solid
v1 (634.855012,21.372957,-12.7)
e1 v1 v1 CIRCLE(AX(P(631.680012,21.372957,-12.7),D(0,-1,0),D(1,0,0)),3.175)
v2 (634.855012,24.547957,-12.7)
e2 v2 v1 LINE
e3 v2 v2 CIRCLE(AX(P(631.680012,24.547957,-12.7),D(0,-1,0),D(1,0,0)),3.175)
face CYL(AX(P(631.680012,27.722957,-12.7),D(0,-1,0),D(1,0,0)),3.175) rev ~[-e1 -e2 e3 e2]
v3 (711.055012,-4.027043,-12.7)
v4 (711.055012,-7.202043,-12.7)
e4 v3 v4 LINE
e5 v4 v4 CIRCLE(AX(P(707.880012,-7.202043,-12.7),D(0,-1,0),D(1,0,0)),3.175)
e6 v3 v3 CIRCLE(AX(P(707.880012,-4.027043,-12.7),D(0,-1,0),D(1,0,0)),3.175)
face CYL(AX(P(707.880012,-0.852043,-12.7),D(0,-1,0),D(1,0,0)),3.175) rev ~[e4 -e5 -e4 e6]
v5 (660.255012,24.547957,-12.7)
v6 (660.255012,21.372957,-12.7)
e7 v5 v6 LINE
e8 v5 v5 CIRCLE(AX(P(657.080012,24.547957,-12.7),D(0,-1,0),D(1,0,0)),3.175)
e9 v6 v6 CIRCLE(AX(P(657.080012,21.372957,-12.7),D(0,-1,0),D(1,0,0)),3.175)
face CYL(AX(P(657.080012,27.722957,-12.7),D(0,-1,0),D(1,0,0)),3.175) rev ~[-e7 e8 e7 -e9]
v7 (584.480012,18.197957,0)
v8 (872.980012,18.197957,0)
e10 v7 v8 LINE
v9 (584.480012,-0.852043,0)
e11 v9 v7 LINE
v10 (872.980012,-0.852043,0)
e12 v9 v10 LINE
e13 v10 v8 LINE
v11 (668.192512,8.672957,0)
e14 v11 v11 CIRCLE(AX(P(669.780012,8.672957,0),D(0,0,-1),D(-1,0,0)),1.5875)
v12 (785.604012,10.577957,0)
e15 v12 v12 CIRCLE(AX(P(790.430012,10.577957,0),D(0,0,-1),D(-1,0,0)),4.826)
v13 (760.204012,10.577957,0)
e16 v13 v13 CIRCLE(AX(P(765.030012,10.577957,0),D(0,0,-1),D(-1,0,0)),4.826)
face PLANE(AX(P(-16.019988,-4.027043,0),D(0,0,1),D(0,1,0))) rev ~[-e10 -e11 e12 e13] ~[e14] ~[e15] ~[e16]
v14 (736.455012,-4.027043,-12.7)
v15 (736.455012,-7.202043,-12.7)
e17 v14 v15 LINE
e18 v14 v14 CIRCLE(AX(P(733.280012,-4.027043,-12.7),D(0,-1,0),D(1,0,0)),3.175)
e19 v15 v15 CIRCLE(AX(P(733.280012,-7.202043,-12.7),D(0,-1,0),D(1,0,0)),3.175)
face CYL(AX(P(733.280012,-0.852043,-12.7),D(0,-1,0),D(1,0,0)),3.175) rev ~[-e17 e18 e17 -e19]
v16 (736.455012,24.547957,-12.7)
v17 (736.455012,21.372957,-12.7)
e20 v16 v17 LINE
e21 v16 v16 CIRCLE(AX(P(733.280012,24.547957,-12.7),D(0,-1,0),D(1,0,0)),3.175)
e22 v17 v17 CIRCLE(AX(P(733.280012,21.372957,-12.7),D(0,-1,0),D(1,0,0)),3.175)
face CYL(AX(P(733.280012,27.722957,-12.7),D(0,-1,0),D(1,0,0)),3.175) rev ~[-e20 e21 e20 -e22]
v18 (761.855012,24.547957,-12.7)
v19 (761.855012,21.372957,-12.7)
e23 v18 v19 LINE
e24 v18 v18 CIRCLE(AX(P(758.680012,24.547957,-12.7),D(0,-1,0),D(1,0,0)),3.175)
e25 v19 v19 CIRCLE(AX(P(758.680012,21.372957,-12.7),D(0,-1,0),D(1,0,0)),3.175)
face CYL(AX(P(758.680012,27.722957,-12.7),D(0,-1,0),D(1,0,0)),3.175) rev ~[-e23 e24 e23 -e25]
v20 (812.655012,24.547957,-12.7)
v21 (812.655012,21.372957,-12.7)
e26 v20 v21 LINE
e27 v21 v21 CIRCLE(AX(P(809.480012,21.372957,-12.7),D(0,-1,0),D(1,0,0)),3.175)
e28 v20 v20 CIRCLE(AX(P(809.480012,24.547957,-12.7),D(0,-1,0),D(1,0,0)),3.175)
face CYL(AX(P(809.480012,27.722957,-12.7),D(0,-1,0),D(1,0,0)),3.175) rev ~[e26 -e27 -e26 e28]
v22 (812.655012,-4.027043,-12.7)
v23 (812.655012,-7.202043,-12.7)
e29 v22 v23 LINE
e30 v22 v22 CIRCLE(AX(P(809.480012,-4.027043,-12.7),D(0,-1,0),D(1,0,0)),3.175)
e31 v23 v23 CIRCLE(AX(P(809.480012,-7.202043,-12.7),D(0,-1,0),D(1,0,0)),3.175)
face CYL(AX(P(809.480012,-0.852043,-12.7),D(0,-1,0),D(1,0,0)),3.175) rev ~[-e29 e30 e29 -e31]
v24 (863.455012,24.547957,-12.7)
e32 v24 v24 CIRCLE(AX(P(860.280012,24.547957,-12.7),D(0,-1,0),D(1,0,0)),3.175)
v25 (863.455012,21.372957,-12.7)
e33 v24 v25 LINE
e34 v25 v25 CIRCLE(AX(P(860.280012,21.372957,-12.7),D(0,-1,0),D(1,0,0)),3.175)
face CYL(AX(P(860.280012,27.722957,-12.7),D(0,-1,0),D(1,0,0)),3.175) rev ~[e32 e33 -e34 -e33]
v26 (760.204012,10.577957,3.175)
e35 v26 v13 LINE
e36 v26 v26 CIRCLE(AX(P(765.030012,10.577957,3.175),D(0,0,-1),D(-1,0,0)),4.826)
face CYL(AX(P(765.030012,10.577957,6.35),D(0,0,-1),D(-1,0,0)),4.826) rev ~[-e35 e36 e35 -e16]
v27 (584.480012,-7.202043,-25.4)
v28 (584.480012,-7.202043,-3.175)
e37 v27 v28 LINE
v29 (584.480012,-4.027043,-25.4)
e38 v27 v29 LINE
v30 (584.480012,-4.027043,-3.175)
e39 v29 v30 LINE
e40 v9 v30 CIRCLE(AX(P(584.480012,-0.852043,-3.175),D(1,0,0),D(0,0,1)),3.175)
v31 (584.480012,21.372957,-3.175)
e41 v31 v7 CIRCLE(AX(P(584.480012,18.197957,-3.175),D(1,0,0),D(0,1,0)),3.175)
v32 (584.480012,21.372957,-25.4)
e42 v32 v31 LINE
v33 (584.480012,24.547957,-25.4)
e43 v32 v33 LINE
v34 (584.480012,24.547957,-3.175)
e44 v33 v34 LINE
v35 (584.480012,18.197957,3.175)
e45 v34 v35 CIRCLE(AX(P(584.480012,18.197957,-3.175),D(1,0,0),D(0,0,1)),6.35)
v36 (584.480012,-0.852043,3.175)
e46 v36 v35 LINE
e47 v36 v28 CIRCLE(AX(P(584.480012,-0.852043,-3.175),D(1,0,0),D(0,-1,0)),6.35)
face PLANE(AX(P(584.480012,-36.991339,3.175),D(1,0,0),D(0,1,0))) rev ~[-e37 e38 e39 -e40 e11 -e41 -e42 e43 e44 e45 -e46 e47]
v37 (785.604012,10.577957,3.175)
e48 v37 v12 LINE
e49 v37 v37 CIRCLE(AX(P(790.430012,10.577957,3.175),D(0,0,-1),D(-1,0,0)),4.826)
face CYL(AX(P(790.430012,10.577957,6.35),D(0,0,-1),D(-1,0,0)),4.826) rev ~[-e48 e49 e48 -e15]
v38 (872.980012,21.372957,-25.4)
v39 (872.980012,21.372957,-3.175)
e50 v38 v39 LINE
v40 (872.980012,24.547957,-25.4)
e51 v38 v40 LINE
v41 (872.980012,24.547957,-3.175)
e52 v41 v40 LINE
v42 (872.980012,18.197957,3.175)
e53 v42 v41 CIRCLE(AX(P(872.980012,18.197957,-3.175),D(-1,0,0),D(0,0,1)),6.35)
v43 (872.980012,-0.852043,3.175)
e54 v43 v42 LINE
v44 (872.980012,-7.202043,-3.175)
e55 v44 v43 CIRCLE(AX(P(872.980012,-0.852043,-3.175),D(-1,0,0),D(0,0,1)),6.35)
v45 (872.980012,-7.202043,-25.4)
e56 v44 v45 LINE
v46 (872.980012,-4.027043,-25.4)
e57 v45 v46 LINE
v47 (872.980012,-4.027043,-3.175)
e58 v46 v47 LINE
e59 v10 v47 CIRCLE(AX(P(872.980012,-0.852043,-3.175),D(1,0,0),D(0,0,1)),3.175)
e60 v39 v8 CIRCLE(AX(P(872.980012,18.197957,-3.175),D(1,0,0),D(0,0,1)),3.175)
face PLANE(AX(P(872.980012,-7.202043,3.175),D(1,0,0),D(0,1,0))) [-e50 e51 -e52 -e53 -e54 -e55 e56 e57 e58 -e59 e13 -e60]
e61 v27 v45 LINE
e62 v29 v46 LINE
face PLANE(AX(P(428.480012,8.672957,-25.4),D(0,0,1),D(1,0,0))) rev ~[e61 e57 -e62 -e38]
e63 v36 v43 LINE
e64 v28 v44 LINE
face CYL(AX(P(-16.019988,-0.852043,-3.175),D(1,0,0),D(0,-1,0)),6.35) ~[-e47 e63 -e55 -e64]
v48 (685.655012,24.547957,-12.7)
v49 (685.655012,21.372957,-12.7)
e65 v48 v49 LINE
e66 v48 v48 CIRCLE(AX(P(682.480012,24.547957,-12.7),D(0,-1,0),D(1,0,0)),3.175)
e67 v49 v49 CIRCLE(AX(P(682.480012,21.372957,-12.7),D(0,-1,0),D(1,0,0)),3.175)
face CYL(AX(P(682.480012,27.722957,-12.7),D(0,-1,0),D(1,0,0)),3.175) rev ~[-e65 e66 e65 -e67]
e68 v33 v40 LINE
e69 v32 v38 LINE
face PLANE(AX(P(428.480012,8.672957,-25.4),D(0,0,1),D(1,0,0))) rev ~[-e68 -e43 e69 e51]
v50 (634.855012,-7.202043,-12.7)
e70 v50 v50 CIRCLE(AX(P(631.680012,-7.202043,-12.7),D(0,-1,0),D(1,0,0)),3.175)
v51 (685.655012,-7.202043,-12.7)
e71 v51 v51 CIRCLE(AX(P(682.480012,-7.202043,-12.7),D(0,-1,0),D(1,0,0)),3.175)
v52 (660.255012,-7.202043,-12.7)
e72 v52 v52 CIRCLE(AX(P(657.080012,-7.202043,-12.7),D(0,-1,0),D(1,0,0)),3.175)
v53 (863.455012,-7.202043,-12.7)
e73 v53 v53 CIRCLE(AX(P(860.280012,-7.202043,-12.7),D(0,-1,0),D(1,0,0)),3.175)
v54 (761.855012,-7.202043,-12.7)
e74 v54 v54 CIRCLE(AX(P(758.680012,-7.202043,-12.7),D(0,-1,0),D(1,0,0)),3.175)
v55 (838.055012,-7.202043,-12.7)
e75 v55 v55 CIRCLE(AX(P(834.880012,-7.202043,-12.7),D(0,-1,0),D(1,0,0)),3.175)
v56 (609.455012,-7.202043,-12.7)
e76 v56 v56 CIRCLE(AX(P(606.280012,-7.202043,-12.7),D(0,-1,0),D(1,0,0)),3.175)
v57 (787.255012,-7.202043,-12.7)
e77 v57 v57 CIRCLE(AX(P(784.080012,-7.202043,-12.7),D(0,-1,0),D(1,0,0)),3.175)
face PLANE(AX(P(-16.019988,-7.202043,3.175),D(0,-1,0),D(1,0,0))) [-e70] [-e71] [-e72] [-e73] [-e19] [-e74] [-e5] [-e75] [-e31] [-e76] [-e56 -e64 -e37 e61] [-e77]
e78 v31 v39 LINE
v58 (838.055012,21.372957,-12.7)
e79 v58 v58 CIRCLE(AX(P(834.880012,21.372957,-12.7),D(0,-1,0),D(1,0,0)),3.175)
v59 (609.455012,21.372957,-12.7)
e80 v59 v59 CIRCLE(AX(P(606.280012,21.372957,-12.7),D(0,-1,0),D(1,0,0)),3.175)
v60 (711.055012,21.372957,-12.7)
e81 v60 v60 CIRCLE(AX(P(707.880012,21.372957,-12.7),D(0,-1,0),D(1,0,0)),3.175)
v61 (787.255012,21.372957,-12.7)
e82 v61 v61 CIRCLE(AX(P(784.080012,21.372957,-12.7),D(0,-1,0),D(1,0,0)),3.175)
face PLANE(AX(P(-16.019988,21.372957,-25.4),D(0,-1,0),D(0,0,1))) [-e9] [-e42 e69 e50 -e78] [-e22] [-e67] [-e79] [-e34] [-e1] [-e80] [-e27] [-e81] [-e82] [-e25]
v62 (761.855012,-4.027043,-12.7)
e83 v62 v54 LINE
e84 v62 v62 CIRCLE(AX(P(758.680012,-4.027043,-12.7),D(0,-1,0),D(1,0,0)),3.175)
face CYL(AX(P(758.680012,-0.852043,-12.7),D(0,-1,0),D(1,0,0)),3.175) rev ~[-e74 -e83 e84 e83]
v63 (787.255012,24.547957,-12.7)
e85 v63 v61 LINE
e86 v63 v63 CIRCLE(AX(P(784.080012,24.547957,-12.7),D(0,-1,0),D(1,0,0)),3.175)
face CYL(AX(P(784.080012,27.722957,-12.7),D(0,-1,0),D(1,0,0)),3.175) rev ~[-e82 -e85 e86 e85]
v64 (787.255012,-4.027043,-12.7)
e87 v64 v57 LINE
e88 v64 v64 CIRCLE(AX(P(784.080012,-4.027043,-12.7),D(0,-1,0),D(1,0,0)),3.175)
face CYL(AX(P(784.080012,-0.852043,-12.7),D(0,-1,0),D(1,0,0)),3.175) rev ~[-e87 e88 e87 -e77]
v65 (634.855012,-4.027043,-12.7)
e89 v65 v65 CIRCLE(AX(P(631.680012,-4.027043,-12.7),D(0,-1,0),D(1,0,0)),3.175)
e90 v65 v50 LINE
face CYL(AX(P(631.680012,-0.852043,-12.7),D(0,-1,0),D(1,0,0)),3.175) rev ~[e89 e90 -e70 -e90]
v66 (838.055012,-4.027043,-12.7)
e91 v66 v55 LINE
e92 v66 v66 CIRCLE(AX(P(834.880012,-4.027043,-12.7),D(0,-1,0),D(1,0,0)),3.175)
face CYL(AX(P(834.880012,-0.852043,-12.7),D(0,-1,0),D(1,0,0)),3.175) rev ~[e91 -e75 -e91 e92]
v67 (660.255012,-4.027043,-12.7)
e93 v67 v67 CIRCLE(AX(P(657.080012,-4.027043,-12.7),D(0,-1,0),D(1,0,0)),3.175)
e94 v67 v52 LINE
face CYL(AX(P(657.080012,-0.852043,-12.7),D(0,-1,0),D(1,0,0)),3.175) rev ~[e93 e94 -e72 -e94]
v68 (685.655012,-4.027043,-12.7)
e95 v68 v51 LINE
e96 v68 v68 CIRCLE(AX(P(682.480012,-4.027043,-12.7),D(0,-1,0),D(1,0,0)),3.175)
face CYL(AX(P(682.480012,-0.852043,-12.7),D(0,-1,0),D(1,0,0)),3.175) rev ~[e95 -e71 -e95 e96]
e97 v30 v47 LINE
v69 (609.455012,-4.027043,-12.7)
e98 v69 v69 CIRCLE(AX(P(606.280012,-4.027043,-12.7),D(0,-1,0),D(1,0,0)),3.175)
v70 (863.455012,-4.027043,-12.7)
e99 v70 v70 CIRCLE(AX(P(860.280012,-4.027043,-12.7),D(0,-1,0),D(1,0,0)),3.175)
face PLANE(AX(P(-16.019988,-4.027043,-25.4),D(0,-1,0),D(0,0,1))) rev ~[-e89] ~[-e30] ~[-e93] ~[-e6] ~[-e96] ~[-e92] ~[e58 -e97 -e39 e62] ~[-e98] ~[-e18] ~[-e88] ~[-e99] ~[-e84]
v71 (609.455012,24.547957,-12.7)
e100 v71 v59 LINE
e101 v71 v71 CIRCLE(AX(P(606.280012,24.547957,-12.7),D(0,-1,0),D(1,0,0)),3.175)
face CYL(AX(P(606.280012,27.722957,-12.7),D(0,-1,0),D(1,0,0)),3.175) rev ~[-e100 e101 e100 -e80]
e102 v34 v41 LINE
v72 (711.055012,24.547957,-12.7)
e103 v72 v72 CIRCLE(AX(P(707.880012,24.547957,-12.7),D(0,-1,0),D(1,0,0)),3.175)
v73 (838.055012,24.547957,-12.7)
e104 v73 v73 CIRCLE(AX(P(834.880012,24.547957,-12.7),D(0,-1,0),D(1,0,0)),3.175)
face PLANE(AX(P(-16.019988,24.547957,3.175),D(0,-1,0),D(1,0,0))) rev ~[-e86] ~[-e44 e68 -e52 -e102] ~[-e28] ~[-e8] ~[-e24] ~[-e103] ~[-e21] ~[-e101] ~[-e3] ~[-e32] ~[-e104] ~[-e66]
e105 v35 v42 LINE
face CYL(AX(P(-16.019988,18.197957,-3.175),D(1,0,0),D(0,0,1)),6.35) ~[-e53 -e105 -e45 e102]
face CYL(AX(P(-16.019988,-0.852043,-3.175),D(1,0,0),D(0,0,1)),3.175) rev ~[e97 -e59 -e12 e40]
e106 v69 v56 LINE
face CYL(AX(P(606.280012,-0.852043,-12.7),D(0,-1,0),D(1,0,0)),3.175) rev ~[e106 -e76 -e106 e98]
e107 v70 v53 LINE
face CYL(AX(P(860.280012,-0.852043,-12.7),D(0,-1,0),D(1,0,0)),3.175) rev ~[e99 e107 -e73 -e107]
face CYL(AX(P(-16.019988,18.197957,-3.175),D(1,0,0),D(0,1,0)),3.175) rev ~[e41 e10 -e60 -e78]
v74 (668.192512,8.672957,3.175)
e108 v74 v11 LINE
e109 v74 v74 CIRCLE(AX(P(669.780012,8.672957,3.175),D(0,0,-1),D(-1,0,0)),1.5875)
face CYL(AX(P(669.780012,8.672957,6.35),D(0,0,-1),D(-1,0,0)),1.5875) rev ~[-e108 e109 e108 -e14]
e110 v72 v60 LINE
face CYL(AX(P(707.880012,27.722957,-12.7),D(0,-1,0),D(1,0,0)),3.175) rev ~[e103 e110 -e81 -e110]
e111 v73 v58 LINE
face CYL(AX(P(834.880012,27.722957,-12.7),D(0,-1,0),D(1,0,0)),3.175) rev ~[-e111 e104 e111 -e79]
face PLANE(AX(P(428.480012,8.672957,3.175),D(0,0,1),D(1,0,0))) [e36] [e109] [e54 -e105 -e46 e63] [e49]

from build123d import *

# Parameters (mm, degrees)
SKETCH1_W          = 889
SKETCH1_H          = 31.75
EXTRUDE1_DEPTH     = 28.575
EXTRUDE2_REACH     = 891.702
SKETCH2_W          = 25.4
SKETCH2_H          = 25.4
HOLE1_D            = 6.35
HOLE1_DEPTH        = 3.175
LPATTERN1_COUNT    = 35
LPATTERN1_PITCH    = 25.4
HOLE2_D            = 9.652
LPATTERN2_COUNT    = 12
LPATTERN2_PITCH    = 25.4
HOLE3_D            = 9.652
HOLE4_D            = 9.652
LPATTERN3_COUNT    = 12
LPATTERN3_PITCH    = 25.4
HOLE5_D            = 3.175
HOLE6_D            = 6.35
LPATTERN4_COUNT    = 35
LPATTERN4_PITCH    = 25.4
FILLET1_R          = 3.175
FILLET2_R          = 3.175
FILLET3_R          = 6.35
FILLET4_R          = 6.35
SKETCH16_W         = 145.760071232
SKETCH16_H         = 71.504803879
CUT_EXTRUDE2_DEPTH = 75
SKETCH17_W         = 473.628565651
SKETCH17_H         = 66.908943447
CUT_EXTRUDE3_DEPTH = 186
SKETCH18_W         = 75.554715297
SKETCH18_H         = 79.695835758
CUT_EXTRUDE4_DEPTH = 874.792443416


with BuildPart() as part:
    # Sketch1 → Extrude1 (new body)
    with BuildSketch(Plane.XY.offset(3.175)):
        with Locations((428.480011997, 8.672957166)):
            Rectangle(SKETCH1_W, SKETCH1_H)
    extrude(amount=-EXTRUDE1_DEPTH)

    # Sketch2 → Extrude2 (cut, up to next)
    with BuildSketch(Plane.ZY.offset(16.019988003), mode=Mode.PRIVATE) as extrude2_sk1:
        with Locations((-12.7, 8.672957166)):
            Rectangle(SKETCH2_W, SKETCH2_H)
    extrude2_tool1 = extrude(extrude2_sk1.sketch, amount=-EXTRUDE2_REACH, mode=Mode.PRIVATE) & part.part
    add(extrude2_tool1.solids().sort_by_distance((-16.019988, 8.672957, -12.7))[0], mode=Mode.SUBTRACT)

    # Hole1
    with Locations(Plane(origin=(0, 24.547957166, 0), x_dir=(-1, 0, 0), z_dir=(0, 1, 0))):
        with Locations((3.319988003, -12.7)):
            hole1 = Hole(HOLE1_D / 2, depth=HOLE1_DEPTH)

    # LPattern1: Hole1 ×35
    with Locations(*[(i * LPATTERN1_PITCH, 0, 0) for i in range(1, LPATTERN1_COUNT)]):
        add(hole1, mode=Mode.SUBTRACT)

    # Hole2 (through all)
    with Locations(Plane.XY.offset(3.175)):
        with Locations((66.530011997, 10.577957166)):
            hole2 = Hole(HOLE2_D / 2)

    # LPattern2: Hole2 ×12, 8 skipped
    with Locations(*[(i * LPATTERN2_PITCH, 0, 0) for i in range(1, LPATTERN2_COUNT) if i not in (2, 3, 4, 5, 6, 7, 8, 9)]):
        add(hole2, mode=Mode.SUBTRACT)

    # Hole3 (through all)
    with Locations(Plane.XY.offset(3.175)):
        with Locations((428.480011997, 6.767957166)):
            Hole(HOLE3_D / 2)

    # Hole4 (through all)
    with Locations(Plane.XY.offset(3.175)):
        with Locations((511.030011997, 10.577957166)):
            hole4 = Hole(HOLE4_D / 2)

    # LPattern3: Hole4 ×12, 8 skipped
    with Locations(*[(i * LPATTERN3_PITCH, 0, 0) for i in range(1, LPATTERN3_COUNT) if i not in (2, 3, 4, 5, 6, 7, 8, 9)]):
        add(hole4, mode=Mode.SUBTRACT)

    # Hole5 (through all)
    with Locations(Plane.XY.offset(3.175)):
        with Locations((669.780011997, 8.672957166)):
            Hole(HOLE5_D / 2)

    # Hole6 (through all)
    with Locations(Plane(origin=(0, -4.027042834, 0), x_dir=(-1, 0, 0), z_dir=(0, 1, 0))):
        with Locations((3.319988003, -12.7)):
            hole6 = Hole(HOLE6_D / 2)

    # LPattern4: Hole6 ×35
    with Locations(*[(i * LPATTERN4_PITCH, 0, 0) for i in range(1, LPATTERN4_COUNT)]):
        add(hole6, mode=Mode.SUBTRACT)

    # Fillet1
    fillet1_edges = [part.edges().sort_by_distance(p)[0] for p in [
        (428.480011997, 21.372957166, 0),
    ]]
    fillet(fillet1_edges, radius=FILLET1_R)

    # Fillet2
    fillet2_edges = [part.edges().sort_by_distance(p)[0] for p in [
        (428.480011997, -4.027042834, 0),
    ]]
    fillet(fillet2_edges, radius=FILLET2_R)

    # Fillet3
    fillet3_edges = [part.edges().sort_by_distance(p)[0] for p in [
        (428.480011997, -7.202042834, 3.175),
    ]]
    fillet(fillet3_edges, radius=FILLET3_R)

    # Fillet4
    fillet4_edges = [part.edges().sort_by_distance(p)[0] for p in [
        (428.480011997, 24.547957166, 3.175),
    ]]
    fillet(fillet4_edges, radius=FILLET4_R)

    # Sketch16 → Cut-Extrude2 (cut)
    with BuildSketch(Plane(origin=(0, 24.547957166, 0), x_dir=(1, 0, 0), z_dir=(0, 1, 0))):
        with Locations((40.099976381, -10.352401939)):
            Rectangle(SKETCH16_W, SKETCH16_H)
    extrude(amount=-CUT_EXTRUDE2_DEPTH, mode=Mode.SUBTRACT)

    # Sketch17 → Cut-Extrude3 (cut)
    with BuildSketch(Plane(origin=(0, 24.547957166, 0), x_dir=(1, 0, 0), z_dir=(0, 1, 0))):
        with Locations((288.165729172, -8.054471723)):
            Rectangle(SKETCH17_W, SKETCH17_H)
    extrude(amount=-CUT_EXTRUDE3_DEPTH, mode=Mode.SUBTRACT)

    # Sketch18 → Cut-Extrude4 (cut, through all)
    with BuildSketch(Plane.XY.offset(3.175)):
        with Locations((546.702654349, 2.856578578)):
            Rectangle(SKETCH18_W, SKETCH18_H)
    extrude(amount=-CUT_EXTRUDE4_DEPTH, mode=Mode.SUBTRACT)


solid = part.part
